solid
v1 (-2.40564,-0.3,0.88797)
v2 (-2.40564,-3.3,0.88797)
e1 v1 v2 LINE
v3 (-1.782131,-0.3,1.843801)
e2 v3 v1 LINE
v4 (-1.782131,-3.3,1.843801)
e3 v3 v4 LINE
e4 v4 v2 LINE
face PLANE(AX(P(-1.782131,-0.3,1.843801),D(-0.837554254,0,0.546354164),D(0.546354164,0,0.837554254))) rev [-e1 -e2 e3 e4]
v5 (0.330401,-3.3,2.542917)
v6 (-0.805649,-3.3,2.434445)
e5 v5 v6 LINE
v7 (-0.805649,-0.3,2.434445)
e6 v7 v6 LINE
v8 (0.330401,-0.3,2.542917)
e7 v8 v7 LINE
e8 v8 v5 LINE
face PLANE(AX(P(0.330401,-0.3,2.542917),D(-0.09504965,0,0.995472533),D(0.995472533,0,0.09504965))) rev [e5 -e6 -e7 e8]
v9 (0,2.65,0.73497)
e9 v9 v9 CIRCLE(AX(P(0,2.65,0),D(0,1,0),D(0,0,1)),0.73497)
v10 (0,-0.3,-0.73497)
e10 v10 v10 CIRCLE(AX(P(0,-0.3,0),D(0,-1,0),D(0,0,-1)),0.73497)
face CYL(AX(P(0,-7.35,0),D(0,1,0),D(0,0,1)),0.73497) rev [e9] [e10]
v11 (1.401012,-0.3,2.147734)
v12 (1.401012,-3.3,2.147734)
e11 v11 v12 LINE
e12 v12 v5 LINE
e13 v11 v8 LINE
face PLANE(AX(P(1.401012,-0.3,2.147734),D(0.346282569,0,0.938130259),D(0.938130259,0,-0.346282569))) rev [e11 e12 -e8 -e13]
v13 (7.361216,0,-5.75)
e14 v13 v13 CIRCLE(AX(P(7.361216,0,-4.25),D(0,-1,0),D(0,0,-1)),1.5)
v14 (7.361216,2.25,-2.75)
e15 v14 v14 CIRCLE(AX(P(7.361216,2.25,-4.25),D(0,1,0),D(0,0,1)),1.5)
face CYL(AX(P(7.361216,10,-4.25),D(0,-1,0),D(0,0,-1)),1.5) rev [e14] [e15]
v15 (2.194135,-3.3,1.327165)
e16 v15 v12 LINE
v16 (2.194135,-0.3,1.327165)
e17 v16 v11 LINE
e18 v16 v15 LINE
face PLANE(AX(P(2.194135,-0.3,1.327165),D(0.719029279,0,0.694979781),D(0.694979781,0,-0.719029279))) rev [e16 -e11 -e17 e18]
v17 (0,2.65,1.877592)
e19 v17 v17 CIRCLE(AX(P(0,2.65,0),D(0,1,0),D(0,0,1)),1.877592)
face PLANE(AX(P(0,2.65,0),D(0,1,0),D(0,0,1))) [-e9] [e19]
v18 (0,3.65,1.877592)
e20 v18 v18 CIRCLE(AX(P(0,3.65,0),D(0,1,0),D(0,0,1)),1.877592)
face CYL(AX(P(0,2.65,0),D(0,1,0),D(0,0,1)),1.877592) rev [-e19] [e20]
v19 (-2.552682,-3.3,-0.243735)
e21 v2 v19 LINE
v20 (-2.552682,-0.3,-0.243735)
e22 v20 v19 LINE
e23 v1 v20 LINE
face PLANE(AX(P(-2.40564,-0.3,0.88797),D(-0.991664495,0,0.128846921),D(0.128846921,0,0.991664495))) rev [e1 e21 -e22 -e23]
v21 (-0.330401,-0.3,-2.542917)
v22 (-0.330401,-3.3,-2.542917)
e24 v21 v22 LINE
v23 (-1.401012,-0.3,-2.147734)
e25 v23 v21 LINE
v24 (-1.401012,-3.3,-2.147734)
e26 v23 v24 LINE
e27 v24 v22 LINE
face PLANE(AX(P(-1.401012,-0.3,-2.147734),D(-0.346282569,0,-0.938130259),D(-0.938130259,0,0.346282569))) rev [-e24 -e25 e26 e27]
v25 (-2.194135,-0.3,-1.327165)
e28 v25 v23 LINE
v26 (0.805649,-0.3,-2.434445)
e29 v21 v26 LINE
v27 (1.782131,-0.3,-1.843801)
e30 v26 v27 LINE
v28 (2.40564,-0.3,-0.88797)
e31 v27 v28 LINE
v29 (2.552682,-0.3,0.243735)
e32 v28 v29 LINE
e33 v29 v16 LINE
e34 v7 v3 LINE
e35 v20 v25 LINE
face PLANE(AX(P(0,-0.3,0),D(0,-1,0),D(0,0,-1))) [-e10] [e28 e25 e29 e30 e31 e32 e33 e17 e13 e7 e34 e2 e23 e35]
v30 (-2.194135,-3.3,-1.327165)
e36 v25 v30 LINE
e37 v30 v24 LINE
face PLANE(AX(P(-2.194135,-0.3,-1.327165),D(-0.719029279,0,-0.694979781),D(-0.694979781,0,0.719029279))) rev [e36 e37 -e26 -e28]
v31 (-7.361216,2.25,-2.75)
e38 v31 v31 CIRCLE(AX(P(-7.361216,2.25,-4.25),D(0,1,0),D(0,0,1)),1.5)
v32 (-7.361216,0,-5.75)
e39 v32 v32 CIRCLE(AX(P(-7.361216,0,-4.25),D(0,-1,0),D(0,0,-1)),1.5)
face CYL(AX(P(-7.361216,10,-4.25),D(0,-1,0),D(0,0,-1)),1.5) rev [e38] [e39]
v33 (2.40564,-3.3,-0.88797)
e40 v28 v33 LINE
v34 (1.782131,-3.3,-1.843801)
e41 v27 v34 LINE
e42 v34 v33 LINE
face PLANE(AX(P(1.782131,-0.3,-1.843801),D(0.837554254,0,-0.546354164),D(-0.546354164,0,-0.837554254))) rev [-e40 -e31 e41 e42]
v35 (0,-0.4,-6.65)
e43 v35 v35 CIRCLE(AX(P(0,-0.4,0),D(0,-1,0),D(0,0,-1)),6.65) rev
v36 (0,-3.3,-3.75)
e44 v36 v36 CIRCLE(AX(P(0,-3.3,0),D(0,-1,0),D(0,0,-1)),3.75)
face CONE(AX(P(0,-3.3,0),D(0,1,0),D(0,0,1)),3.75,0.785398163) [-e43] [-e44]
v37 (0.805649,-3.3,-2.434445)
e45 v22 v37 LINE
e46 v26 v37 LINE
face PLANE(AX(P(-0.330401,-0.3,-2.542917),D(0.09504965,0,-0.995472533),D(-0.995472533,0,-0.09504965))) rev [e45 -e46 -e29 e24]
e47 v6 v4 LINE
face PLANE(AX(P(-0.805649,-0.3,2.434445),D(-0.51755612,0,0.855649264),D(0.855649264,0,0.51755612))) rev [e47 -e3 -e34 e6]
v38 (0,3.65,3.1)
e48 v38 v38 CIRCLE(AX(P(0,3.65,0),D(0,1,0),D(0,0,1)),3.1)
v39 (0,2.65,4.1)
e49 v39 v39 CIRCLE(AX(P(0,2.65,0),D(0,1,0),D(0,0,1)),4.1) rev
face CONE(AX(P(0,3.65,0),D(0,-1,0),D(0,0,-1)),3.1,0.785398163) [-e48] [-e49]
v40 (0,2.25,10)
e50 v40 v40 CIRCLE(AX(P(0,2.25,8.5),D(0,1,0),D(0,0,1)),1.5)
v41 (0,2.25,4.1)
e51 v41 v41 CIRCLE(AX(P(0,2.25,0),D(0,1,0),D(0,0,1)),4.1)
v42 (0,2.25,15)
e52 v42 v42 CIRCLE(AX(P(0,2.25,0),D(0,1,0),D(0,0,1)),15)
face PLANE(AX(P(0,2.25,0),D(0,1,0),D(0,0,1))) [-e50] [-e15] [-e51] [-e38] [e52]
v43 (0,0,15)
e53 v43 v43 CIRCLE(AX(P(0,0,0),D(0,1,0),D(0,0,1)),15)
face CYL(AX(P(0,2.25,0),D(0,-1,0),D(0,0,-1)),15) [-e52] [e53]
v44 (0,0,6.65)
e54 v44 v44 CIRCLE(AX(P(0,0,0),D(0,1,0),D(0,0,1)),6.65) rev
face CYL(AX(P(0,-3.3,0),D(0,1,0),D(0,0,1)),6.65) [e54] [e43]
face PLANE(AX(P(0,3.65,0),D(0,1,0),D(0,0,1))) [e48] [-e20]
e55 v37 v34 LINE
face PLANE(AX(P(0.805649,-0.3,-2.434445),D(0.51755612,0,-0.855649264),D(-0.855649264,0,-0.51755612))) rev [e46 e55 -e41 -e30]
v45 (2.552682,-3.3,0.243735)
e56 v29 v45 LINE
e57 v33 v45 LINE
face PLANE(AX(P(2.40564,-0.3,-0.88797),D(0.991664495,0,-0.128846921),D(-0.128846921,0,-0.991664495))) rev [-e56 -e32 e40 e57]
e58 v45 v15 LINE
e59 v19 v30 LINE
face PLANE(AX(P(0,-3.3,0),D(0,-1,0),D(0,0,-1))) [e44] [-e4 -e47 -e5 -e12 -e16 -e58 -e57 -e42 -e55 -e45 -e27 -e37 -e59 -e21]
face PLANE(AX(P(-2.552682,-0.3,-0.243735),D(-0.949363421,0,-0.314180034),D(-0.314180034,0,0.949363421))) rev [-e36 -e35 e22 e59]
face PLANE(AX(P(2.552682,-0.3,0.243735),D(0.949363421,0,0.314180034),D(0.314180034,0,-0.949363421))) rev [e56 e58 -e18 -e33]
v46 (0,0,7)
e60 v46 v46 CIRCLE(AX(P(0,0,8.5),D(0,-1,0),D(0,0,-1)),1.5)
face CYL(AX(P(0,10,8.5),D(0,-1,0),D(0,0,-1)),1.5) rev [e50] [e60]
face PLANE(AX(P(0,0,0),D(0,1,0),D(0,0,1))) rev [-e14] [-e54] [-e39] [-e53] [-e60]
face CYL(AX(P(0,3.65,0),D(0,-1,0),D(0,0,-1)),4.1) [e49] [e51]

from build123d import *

# Parameters (mm, degrees)
SKETCH_1_R          = 15
EXTRUDE_1_DEPTH     = 2.25
SKETCH_2_R          = 4.1
EXTRUDE_2_DEPTH     = 1.4
CHAMFER_1_SIZE      = 1
SKETCH_3_R          = 6.65
EXTRUDE_3_DEPTH     = 3.3
CHAMFER_2_SIZE      = 2.9
CUT_EXTRUDE_2_DEPTH = 3
SKETCH_5_R          = 1.877591738
CUT_EXTRUDE_3_DEPTH = 1
SKETCH_6_R          = 0.7349705
CUT_EXTRUDE_4_DEPTH = 10
SKETCH_7_R          = 1.5
CUT_EXTRUDE_5_DEPTH = 10


with BuildPart() as part:
    # Эскиз1 → Бобышка-Вытянуть1 (new body)
    with BuildSketch(Plane(origin=(0, 0, 0), x_dir=(1, 0, 0), z_dir=(0, 1, 0))):
        with Locations(Location((0, 0, 0), (0, 0, 270))):
            Circle(SKETCH_1_R)
    extrude(amount=EXTRUDE_1_DEPTH)

    # Эскиз2 → Бобышка-Вытянуть2 (add)
    with BuildSketch(Plane(origin=(0, 2.25, 0), x_dir=(1, 0, 0), z_dir=(0, 1, 0))):
        with Locations(Location((0, 0, 0), (0, 0, 270))):
            Circle(SKETCH_2_R)
    extrude(amount=EXTRUDE_2_DEPTH)

    # Фаска1
    chamfer_1_edges = [part.edges().sort_by_distance(p)[0] for p in [
        (0, 3.65, -4.1),
    ]]
    chamfer(chamfer_1_edges, length=CHAMFER_1_SIZE)

    # Эскиз3 → Бобышка-Вытянуть3 (add)
    with BuildSketch(Plane.XZ):
        with Locations(Location((0, 0, 0), (0, 0, 90))):
            Circle(SKETCH_3_R)
    extrude(amount=EXTRUDE_3_DEPTH)

    # Фаска2
    chamfer_2_edges = [part.edges().sort_by_distance(p)[0] for p in [
        (0, -3.3, -6.65),
    ]]
    chamfer(chamfer_2_edges, length=CHAMFER_2_SIZE)

    # Эскиз4 → Вырез-Вытянуть2 (cut)
    with BuildSketch(Plane.XZ.offset(3.3)):
        Polygon((-0.805649398, 2.434445177), (-1.782131202, 1.843801142), (-2.405640065, 0.887969677), (-2.55268241, -0.243735072), (-2.194134697, -1.3271651), (-1.401011698, -2.147733805), (-0.33040115, -2.542917488), (0.805649398, -2.434445177), (1.782131202, -1.843801142), (2.405640065, -0.887969677), (2.55268241, 0.243735072), (2.194134697, 1.3271651), (1.401011698, 2.147733805), (0.33040115, 2.542917488), align=None)
    extrude(amount=-CUT_EXTRUDE_2_DEPTH, mode=Mode.SUBTRACT)

    # Эскиз5 → Вырез-Вытянуть3 (cut)
    with BuildSketch(Plane(origin=(0, 3.65, 0), x_dir=(1, 0, 0), z_dir=(0, 1, 0))):
        with Locations(Location((0, 0, 0), (0, 0, 270))):
            Circle(SKETCH_5_R)
    extrude(amount=-CUT_EXTRUDE_3_DEPTH, mode=Mode.SUBTRACT)

    # Эскиз6 → Вырез-Вытянуть4 (cut)
    with BuildSketch(Plane(origin=(0, 2.65, 0), x_dir=(1, 0, 0), z_dir=(0, 1, 0))):
        with Locations(Location((0, 0, 0), (0, 0, 270))):
            Circle(SKETCH_6_R)
    extrude(amount=-CUT_EXTRUDE_4_DEPTH, mode=Mode.SUBTRACT)

    # Эскиз7 → Вырез-Вытянуть5 (cut)
    with BuildSketch(Plane.XZ):
        with Locations(Location((-7.361215932, -4.25, 0), (0, 0, 270))):
            Circle(SKETCH_7_R)
        with Locations(Location((7.361215932, -4.25, 0), (0, 0, 270))):
            Circle(SKETCH_7_R)
        with Locations(Location((0, 8.5, 0), (0, 0, 270))):
            Circle(SKETCH_7_R)
    extrude(amount=-CUT_EXTRUDE_5_DEPTH, mode=Mode.SUBTRACT)


solid = part.part
